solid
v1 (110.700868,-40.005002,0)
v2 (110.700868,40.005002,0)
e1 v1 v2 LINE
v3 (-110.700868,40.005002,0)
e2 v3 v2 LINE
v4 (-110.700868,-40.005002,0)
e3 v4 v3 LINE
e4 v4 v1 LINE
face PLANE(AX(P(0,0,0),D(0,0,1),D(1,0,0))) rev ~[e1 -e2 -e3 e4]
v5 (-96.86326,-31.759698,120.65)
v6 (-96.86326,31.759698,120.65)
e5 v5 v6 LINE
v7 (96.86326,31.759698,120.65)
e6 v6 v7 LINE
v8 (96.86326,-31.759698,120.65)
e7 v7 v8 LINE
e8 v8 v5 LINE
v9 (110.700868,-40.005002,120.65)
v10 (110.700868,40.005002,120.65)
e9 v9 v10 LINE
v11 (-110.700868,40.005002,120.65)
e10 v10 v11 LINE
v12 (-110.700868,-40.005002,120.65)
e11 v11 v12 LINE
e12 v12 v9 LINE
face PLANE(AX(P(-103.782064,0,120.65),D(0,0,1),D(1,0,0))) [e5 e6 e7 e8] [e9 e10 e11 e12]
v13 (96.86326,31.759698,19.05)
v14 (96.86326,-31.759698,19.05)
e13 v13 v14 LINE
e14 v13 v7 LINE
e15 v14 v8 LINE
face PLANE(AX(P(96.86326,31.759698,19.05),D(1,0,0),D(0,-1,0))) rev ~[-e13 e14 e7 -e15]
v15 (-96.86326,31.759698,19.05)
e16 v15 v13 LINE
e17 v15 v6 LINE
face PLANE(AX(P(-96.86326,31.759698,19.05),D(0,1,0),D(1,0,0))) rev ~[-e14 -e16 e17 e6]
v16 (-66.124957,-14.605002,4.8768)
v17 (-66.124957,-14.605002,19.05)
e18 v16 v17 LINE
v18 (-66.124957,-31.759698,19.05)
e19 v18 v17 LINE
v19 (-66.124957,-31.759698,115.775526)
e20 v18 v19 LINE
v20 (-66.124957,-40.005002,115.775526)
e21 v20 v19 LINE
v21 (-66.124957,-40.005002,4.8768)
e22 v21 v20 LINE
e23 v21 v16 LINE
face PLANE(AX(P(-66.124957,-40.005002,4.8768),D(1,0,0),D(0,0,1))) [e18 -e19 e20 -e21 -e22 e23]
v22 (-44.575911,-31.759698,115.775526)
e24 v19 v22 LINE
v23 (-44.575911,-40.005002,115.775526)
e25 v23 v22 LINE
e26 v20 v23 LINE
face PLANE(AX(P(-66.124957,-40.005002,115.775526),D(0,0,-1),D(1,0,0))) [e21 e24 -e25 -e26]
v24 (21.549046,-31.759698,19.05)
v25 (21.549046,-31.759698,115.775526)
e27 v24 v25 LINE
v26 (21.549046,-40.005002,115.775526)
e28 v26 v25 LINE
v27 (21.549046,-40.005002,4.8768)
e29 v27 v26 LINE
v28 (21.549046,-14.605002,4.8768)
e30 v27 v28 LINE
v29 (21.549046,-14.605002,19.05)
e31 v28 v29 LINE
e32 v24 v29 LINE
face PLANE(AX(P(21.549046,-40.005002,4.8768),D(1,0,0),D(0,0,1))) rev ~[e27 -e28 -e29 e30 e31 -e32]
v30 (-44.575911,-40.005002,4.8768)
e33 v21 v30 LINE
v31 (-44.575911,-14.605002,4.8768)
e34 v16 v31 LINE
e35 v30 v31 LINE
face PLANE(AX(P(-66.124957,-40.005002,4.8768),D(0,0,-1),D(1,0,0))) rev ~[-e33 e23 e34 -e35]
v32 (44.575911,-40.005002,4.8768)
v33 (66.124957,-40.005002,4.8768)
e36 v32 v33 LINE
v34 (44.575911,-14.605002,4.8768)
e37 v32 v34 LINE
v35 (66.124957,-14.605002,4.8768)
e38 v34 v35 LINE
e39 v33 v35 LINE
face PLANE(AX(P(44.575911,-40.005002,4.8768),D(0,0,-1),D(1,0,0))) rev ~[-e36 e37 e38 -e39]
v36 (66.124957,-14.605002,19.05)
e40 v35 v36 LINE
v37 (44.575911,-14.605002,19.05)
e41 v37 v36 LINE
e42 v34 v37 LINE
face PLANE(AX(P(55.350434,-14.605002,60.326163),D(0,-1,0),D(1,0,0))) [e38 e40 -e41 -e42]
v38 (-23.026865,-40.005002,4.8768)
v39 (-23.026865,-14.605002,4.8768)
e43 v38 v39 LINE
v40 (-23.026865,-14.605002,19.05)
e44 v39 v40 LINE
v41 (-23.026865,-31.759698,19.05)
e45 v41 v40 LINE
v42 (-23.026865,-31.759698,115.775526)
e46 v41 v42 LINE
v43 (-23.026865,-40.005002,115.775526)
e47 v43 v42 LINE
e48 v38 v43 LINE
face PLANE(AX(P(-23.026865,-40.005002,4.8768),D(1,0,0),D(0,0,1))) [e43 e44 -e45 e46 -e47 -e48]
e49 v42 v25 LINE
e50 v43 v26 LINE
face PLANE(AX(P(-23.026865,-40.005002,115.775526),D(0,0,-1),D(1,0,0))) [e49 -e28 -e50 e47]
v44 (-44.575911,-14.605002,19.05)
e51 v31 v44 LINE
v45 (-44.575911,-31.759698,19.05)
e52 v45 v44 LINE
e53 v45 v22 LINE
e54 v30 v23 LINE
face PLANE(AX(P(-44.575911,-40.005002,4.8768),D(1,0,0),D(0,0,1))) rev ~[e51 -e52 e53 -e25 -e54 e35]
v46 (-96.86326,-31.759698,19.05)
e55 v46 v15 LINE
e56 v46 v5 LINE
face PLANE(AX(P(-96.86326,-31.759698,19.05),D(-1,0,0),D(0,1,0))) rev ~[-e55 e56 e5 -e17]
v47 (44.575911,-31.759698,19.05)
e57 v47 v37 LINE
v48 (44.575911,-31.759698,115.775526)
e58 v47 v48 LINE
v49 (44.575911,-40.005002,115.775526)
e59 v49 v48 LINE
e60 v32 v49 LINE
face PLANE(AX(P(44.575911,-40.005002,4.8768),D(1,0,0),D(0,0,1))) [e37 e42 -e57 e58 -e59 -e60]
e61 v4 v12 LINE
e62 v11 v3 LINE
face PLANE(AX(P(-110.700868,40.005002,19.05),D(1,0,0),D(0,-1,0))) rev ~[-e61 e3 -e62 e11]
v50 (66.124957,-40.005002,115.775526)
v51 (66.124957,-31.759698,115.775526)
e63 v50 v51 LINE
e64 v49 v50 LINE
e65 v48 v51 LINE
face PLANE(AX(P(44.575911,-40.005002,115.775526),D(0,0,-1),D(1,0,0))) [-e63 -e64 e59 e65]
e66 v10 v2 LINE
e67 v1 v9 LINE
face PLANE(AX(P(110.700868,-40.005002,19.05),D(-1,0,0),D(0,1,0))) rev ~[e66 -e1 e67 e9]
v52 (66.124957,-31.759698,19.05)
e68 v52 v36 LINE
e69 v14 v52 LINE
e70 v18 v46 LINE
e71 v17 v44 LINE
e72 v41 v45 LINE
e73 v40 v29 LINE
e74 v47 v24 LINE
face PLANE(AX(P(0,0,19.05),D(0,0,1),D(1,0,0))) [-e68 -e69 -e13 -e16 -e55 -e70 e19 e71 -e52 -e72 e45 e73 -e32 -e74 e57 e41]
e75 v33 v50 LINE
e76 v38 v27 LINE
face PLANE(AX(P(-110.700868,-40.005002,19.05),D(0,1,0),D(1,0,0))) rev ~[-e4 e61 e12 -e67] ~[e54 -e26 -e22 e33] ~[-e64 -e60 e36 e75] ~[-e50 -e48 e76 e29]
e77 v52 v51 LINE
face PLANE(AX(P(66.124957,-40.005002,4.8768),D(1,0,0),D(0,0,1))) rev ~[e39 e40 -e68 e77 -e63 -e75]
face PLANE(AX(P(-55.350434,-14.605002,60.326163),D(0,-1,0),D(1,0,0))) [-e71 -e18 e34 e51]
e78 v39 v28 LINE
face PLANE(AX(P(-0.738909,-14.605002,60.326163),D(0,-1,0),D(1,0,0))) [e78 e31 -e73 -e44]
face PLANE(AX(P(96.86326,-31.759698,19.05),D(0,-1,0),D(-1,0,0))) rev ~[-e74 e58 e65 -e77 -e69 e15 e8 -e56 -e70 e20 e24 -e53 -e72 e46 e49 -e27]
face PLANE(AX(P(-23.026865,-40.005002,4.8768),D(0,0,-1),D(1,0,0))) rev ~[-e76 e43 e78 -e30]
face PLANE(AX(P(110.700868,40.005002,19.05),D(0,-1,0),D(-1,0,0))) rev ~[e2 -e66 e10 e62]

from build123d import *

# Parameters (mm, degrees)
F0_W     = 221.4017361403
F0_H     = 80.0100043416
F1_DEPTH = 19.05
F2_W     = 193.7265191227
F2_H     = 8.2453042269
F2_W_2   = 38.5067253374
F2_W_3   = 28.581820894
F2_W_4   = 19.8498088866
F3_DEPTH = 101.6
F4_W     = 21.5490460396
F4_H     = 110.8987255699
F4_W_2   = 44.5759110153
F5_DEPTH = 25.4


with BuildPart() as f1:
    # F0 (on Top) → F1 (new body)
    with BuildSketch(Plane.XY):
        Rectangle(F0_W, F0_H)
    extrude(amount=F1_DEPTH)

    # F2 (on face) → F3 (join)
    with BuildSketch(Plane.XY.offset(19.05)):
        Polygon((-96.8632595614, 31.7596979439), (-96.8632595614, 40.0050021708), (-110.7008680701, 40.0050021708), (-110.7008680701, -40.0050021708), (-96.8632595614, -40.0050021708), (-96.8632595614, -31.7596979439), align=None)
        with Locations((0, 35.8823500574)):
            Rectangle(F2_W, F2_H)
        Polygon((110.7008680701, 40.0050021708), (96.8632595614, 40.0050021708), (96.8632595614, 31.7596979439), (96.8632595614, -31.7596979439), (96.8632595614, -40.0050021708), (110.7008680701, -40.0050021708), align=None)
        with Locations((29.178267112, -35.8823500574)):
            Rectangle(F2_W_2, F2_H)
        with Locations((-29.178267112, -35.8823500574)):
            Rectangle(F2_W_2, F2_H)
        with Locations((-82.5723491143, -35.8823500574)):
            Rectangle(F2_W_3, F2_H)
        with Locations((-58.356534224, -35.8823500574)):
            Rectangle(F2_W_4, F2_H)
        with Locations((0, -35.8823500574)):
            Rectangle(F2_W_4, F2_H)
        with Locations((58.356534224, -35.8823500574)):
            Rectangle(F2_W_4, F2_H)
        with Locations((82.5723491143, -35.8823500574)):
            Rectangle(F2_W_3, F2_H)
    extrude(amount=F3_DEPTH)

    # F4 (on face) → F5 (cut)
    with BuildSketch(Plane.XZ.offset(40.0050021708)):
        with Locations((-55.3504340351, 60.326162785)):
            Rectangle(F4_W, F4_H)
        with Locations((-0.7389094681, 60.326162785)):
            Rectangle(F4_W_2, F4_H)
        with Locations((55.3504340351, 60.326162785)):
            Rectangle(F4_W, F4_H)
    extrude(amount=-F5_DEPTH, mode=Mode.SUBTRACT)


solid = f1.part
